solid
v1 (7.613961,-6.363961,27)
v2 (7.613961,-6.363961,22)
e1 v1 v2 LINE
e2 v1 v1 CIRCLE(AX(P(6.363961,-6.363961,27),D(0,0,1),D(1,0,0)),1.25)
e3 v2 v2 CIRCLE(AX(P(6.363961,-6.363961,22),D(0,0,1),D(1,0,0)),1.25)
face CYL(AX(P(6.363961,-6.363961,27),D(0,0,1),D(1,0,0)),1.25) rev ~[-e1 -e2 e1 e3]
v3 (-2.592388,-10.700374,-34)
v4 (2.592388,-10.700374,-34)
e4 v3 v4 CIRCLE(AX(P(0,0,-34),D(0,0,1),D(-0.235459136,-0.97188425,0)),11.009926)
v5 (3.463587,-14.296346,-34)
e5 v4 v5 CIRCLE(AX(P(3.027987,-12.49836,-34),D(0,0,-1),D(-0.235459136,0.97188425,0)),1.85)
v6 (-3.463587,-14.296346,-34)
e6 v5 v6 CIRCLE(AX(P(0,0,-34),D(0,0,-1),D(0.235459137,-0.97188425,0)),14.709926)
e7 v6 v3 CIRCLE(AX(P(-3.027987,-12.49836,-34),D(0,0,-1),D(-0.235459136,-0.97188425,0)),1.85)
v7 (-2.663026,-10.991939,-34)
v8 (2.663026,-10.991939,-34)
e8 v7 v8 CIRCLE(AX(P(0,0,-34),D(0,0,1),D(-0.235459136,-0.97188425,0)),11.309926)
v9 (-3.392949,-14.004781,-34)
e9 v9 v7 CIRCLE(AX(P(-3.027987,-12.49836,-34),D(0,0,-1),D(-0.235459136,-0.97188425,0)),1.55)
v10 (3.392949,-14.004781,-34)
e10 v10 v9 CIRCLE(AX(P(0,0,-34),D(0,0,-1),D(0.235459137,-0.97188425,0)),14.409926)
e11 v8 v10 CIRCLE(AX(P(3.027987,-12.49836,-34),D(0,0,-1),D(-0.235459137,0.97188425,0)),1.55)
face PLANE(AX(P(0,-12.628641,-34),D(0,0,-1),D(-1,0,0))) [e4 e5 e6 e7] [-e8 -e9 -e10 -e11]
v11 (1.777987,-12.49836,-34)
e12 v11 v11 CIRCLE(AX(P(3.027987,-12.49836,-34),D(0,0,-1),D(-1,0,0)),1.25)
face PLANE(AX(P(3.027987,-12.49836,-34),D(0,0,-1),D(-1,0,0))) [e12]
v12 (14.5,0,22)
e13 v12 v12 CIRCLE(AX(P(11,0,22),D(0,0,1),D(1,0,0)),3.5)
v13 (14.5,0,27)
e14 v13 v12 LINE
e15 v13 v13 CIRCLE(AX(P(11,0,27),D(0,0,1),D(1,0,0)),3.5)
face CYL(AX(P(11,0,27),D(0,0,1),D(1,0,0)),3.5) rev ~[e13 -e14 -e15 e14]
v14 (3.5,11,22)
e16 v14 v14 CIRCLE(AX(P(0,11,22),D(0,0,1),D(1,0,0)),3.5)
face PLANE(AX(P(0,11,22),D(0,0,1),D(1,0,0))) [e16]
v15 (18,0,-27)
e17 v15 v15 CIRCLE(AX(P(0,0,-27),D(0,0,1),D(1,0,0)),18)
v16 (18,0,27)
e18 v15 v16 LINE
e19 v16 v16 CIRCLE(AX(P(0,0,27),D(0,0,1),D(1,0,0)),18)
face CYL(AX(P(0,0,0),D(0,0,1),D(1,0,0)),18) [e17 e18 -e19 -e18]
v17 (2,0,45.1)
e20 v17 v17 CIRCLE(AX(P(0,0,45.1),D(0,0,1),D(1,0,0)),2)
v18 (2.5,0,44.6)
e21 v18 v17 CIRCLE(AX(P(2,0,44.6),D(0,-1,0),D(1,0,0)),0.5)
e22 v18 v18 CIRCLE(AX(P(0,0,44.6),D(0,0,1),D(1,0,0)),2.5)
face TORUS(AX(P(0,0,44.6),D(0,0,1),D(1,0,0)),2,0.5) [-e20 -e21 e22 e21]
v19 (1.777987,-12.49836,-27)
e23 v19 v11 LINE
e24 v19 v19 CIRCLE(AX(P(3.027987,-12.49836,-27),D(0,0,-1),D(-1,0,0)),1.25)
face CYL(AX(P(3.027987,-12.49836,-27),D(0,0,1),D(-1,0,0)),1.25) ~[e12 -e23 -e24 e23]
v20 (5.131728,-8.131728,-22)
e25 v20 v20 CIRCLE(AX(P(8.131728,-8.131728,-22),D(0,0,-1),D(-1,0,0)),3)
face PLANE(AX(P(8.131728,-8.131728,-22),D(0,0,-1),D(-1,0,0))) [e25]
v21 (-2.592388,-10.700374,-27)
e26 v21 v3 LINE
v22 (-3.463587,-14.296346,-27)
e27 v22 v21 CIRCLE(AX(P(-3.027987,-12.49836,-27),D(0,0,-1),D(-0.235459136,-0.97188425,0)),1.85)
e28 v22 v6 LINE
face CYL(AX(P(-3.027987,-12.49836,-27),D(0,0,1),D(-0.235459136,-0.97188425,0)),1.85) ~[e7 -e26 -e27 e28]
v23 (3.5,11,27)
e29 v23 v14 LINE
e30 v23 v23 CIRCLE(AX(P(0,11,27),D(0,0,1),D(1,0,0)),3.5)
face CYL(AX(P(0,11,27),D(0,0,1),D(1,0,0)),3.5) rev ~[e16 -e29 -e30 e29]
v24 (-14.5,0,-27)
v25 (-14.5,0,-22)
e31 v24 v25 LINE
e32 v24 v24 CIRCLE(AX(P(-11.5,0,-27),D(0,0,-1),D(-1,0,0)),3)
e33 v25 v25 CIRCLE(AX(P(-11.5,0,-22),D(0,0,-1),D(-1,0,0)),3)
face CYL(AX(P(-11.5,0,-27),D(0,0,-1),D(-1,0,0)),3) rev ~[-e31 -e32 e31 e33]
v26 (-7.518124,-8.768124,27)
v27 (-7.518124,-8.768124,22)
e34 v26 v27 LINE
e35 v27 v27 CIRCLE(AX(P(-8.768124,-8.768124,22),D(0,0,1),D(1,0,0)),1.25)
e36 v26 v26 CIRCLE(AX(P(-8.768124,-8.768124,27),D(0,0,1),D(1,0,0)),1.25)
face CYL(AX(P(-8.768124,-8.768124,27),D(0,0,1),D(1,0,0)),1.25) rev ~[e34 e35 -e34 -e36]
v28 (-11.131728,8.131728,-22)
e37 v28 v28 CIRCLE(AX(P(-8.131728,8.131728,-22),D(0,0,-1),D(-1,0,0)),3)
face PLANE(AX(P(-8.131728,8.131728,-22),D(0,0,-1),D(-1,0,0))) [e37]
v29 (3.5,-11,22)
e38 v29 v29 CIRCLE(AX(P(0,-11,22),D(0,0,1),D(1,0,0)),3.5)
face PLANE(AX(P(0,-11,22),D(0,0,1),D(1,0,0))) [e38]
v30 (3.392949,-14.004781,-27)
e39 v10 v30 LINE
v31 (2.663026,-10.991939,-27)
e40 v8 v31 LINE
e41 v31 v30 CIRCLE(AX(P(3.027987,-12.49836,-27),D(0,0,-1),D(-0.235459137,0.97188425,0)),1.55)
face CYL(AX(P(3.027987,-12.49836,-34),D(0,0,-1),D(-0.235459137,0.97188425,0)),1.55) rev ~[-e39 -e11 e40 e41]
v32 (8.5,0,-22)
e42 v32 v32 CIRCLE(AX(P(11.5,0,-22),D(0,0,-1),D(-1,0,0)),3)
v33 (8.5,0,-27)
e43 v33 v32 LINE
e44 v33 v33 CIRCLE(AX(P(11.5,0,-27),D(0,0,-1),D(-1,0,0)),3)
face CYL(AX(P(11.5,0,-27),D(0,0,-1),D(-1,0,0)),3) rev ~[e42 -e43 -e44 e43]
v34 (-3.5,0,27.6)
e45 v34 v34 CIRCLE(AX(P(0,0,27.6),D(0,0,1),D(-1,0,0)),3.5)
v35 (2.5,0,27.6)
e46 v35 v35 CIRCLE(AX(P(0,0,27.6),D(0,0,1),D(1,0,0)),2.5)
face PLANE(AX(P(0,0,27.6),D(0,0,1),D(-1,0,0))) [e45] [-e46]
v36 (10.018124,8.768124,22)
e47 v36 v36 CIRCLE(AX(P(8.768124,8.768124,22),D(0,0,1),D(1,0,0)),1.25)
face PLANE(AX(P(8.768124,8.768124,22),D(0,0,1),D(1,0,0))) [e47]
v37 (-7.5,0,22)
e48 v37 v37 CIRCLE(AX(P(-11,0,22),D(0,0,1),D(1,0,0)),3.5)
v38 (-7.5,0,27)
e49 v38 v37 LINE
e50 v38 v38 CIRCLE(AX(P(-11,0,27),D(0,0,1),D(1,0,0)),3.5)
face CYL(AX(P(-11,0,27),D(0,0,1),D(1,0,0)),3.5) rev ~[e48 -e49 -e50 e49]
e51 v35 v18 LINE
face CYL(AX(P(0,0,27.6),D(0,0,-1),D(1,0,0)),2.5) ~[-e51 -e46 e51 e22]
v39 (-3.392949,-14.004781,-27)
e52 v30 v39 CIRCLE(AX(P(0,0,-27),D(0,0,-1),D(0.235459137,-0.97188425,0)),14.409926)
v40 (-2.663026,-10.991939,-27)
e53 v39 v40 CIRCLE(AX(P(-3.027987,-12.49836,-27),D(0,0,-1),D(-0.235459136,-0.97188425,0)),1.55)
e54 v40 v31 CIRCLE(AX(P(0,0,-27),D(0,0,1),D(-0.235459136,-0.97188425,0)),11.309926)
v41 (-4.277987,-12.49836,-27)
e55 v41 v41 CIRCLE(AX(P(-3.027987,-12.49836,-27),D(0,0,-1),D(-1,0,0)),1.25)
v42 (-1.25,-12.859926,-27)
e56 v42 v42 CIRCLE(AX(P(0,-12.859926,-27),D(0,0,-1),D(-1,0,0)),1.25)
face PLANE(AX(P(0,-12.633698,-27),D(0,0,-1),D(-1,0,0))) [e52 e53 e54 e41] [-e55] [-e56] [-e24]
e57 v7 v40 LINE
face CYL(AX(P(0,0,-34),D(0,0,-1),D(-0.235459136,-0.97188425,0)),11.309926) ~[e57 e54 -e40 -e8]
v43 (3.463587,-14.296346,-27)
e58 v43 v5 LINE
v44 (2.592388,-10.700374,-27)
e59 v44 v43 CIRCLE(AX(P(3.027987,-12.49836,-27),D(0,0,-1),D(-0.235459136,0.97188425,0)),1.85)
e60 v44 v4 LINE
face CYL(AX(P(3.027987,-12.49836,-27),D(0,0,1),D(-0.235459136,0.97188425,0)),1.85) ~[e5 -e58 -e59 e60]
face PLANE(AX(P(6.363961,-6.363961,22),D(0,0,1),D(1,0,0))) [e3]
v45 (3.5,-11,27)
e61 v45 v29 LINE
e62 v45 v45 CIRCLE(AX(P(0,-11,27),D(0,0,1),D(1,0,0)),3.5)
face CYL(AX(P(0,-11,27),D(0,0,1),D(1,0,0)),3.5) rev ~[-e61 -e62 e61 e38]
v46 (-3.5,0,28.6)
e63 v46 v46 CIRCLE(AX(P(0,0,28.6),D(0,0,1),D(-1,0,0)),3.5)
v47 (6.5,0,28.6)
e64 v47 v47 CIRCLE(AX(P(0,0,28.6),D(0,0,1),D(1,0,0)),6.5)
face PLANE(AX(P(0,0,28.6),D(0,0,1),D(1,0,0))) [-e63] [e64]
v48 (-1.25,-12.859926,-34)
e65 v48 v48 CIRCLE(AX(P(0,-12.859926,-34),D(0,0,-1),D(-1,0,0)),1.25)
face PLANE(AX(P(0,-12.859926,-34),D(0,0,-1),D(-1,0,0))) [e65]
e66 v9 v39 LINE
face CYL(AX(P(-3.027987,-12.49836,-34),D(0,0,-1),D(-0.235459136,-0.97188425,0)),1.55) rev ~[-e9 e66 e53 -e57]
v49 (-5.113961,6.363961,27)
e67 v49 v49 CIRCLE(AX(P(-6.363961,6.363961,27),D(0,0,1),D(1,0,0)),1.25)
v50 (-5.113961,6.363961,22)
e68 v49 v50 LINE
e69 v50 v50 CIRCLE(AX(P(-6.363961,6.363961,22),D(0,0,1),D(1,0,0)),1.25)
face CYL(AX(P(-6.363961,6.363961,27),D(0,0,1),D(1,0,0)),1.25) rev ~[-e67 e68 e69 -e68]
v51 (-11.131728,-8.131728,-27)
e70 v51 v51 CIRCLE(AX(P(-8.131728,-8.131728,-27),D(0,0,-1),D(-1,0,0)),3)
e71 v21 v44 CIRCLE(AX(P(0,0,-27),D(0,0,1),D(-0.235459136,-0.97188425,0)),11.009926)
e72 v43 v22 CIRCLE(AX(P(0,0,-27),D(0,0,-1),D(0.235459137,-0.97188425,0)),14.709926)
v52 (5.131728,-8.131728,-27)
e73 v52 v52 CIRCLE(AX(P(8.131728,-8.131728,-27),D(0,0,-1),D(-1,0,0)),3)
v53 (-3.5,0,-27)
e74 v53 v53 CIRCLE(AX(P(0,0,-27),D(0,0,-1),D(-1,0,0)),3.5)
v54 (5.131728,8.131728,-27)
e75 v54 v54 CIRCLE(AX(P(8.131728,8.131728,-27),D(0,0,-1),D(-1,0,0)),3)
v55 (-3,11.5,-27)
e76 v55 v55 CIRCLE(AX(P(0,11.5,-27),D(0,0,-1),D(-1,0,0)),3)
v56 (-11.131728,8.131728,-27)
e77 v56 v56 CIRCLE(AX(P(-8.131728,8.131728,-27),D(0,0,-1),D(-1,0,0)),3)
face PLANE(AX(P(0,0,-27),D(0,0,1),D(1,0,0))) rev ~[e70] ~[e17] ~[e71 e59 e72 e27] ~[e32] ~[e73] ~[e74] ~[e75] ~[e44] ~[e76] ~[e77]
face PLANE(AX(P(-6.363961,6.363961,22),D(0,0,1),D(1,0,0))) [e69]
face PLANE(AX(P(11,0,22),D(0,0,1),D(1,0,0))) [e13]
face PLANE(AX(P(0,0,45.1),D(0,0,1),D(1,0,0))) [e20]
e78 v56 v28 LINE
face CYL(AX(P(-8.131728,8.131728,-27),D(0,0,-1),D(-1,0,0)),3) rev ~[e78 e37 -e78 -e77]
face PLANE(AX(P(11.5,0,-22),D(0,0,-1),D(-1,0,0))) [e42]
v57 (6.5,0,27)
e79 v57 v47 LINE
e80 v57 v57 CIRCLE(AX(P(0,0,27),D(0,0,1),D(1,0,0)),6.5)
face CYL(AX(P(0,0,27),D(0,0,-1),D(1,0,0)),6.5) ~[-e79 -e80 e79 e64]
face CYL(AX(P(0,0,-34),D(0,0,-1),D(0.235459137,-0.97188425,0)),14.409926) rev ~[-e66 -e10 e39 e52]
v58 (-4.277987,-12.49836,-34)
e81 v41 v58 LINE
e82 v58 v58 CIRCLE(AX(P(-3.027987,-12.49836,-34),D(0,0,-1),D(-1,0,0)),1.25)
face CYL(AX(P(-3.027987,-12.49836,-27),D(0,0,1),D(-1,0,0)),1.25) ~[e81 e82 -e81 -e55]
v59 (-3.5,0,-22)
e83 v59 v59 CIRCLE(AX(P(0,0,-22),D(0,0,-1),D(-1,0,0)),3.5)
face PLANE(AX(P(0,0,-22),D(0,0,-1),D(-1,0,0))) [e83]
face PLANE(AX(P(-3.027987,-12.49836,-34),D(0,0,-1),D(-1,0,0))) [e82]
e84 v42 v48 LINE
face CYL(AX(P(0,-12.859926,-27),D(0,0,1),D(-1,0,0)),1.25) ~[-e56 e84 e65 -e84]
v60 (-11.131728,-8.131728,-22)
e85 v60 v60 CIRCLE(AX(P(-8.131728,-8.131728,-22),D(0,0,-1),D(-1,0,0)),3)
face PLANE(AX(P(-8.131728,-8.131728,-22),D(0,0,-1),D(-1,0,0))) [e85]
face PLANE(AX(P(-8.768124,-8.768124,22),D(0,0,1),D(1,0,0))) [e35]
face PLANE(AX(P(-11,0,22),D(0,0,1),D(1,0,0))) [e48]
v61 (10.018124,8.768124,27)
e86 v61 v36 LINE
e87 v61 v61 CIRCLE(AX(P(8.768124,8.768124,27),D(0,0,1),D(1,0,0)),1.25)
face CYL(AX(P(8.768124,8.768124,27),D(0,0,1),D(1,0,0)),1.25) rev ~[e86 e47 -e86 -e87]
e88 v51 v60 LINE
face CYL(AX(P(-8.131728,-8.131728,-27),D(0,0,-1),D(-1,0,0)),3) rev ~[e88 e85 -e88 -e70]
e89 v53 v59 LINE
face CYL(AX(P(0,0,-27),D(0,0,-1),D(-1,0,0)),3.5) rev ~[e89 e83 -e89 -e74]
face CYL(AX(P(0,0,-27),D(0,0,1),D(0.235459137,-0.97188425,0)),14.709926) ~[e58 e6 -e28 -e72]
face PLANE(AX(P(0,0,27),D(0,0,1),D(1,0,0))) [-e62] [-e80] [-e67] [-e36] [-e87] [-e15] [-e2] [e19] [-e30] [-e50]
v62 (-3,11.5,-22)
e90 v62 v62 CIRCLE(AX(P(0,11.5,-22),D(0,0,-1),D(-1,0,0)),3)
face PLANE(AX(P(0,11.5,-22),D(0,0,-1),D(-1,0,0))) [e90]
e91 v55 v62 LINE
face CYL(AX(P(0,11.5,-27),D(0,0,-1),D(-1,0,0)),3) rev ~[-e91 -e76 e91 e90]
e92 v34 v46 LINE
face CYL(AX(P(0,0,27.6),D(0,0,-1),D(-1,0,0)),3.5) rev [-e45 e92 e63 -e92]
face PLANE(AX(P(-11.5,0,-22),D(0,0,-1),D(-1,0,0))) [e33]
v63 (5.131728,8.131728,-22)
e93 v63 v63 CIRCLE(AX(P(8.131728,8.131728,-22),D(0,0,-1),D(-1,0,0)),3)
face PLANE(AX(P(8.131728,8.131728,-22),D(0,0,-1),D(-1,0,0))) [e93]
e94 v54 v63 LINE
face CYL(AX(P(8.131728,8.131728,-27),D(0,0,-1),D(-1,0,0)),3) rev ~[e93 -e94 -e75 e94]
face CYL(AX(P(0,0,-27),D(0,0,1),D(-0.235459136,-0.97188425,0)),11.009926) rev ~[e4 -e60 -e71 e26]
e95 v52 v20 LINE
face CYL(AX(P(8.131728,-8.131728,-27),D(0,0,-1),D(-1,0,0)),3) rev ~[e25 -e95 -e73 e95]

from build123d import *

# Parameters (mm, degrees)
ESBO_O1_R                = 18
RESSALTO_EXTRUS_O1_DEPTH = 27
ESBO_O7_R                = 3.5
ESBO_O7_R_2              = 3
CORTE_EXTRUS_O3_DEPTH    = 5
ESBO_O13_R               = 3.5
ESBO_O13_R_2             = 1.25
CORTE_EXTRUS_O4_DEPTH    = 5
ESBO_O14_R               = 6.5
RESSALTO_EXTRUS_O2_DEPTH = 1.6
RESSALTO_EXTRUS_O4_DEPTH = 7
CORTE_EXTRUS_O5_DEPTH    = 7
ESBO_O21_R               = 1.25
RESSALTO_EXTRUS_O5_DEPTH = 7
CORTE_EXTRUS_O6_START    = -1
ESBO_O22_R               = 3.5
CORTE_EXTRUS_O6_DEPTH    = 1
ESBO_O23_R               = 2.5
RESSALTO_EXTRUS_O6_DEPTH = 17.5
FILETE2_R                = 0.5


with BuildPart() as part:
    # Esboço1 → Ressalto-extrusão1 (new, symmetric)
    with BuildSketch(Plane.XY):
        Circle(ESBO_O1_R)
    extrude(amount=RESSALTO_EXTRUS_O1_DEPTH, both=True)

    # Esboço7 → Corte-extrusão3 (cut)
    with BuildSketch(Plane(origin=(0, 0, -27), x_dir=(-1, 0, 0), z_dir=(0, 0, -1))):
        Circle(ESBO_O7_R)
        with Locations((0, 11.5)):
            Circle(ESBO_O7_R_2)
        with Locations((-8.131727984, 8.131727984)):
            Circle(ESBO_O7_R_2)
        with Locations((-11.5, 0)):
            Circle(ESBO_O7_R_2)
        with Locations((-8.131727984, -8.131727984)):
            Circle(ESBO_O7_R_2)
        with Locations((8.131727984, -8.131727984)):
            Circle(ESBO_O7_R_2)
        with Locations((11.5, 0)):
            Circle(ESBO_O7_R_2)
        with Locations((8.131727984, 8.131727984)):
            Circle(ESBO_O7_R_2)
    extrude(amount=-CORTE_EXTRUS_O3_DEPTH, mode=Mode.SUBTRACT)

    # Esboço13 → Corte-extrusão4 (cut)
    with BuildSketch(Plane.XY.offset(27)):
        with Locations((-11, 0)):
            Circle(ESBO_O13_R)
        with Locations((11, 0)):
            Circle(ESBO_O13_R)
        with Locations((0, 11)):
            Circle(ESBO_O13_R)
        with Locations((0, -11)):
            Circle(ESBO_O13_R)
        with Locations((-8.768124087, -8.768124087)):
            Circle(ESBO_O13_R_2)
        with Locations((6.363961031, -6.363961031)):
            Circle(ESBO_O13_R_2)
        with Locations((-6.363961031, 6.363961031)):
            Circle(ESBO_O13_R_2)
        with Locations((8.768124087, 8.768124087)):
            Circle(ESBO_O13_R_2)
    extrude(amount=-CORTE_EXTRUS_O4_DEPTH, mode=Mode.SUBTRACT)

    # Esboço14 → Ressalto-extrusão2 (add)
    with BuildSketch(Plane.XY.offset(27)):
        Circle(ESBO_O14_R)
    extrude(amount=RESSALTO_EXTRUS_O2_DEPTH)

    # Esboço17 → Ressalto-extrusão4 (add)
    with BuildSketch(Plane(origin=(0, 0, -27), x_dir=(-1, 0, 0), z_dir=(0, 0, -1))):
        with BuildLine():
            ThreePointArc((-3.463586585, -14.296345868), (0, -14.709926486), (3.463586585, -14.296345868))
            ThreePointArc((3.463586585, -14.296345868), (4.825973045, -12.062760604), (2.592387781, -10.700374144))
            ThreePointArc((2.592387781, -10.700374144), (0, -11.009926486), (-2.592387781, -10.700374144))
            ThreePointArc((-2.592387781, -10.700374144), (-4.825973045, -12.062760604), (-3.463586585, -14.296345868))
        make_face()
    extrude(amount=RESSALTO_EXTRUS_O4_DEPTH)

    # Esboço18 → Corte-extrusão5 (cut)
    with BuildSketch(Plane(origin=(0, 0, -34), x_dir=(-1, 0, 0), z_dir=(0, 0, -1))):
        with BuildLine():
            ThreePointArc((-3.392948844, -14.004780593), (0, -14.409926486), (3.392948844, -14.004780593))
            ThreePointArc((3.392948844, -14.004780593), (4.53440777, -12.133398345), (2.663025521, -10.991939419))
            ThreePointArc((2.663025521, -10.991939419), (0, -11.309926486), (-2.663025521, -10.991939419))
            ThreePointArc((-2.663025521, -10.991939419), (-4.53440777, -12.133398345), (-3.392948844, -14.004780593))
        make_face()
    extrude(amount=-CORTE_EXTRUS_O5_DEPTH, mode=Mode.SUBTRACT)

    # Esboço21 → Ressalto-extrusão5 (add)
    with BuildSketch(Plane(origin=(0, 0, -27), x_dir=(-1, 0, 0), z_dir=(0, 0, -1))):
        with Locations((-3.027987183, -12.498360006)):
            Circle(ESBO_O21_R)
        with Locations((3.027987183, -12.498360006)):
            Circle(ESBO_O21_R)
        with Locations((0, -12.859926486)):
            Circle(ESBO_O21_R)
    extrude(amount=RESSALTO_EXTRUS_O5_DEPTH)

    # Esboço22 → Corte-extrusão6 (cut)
    with BuildSketch(Plane.XY.offset(28.6).offset(CORTE_EXTRUS_O6_START)):
        with Locations(Location((0, 0, 0), (0, 0, 180))):
            Circle(ESBO_O22_R)
    extrude(amount=CORTE_EXTRUS_O6_DEPTH, mode=Mode.SUBTRACT)

    # Esboço23 → Ressalto-extrusão6 (add)
    with BuildSketch(Plane.XY.offset(27.6)):
        Circle(ESBO_O23_R)
    extrude(amount=RESSALTO_EXTRUS_O6_DEPTH)

    # Filete2
    filete2_edges = [part.edges().sort_by_distance(p)[0] for p in [
        (-2.5, 0, 45.1),
    ]]
    fillet(filete2_edges, radius=FILETE2_R)


solid = part.part
